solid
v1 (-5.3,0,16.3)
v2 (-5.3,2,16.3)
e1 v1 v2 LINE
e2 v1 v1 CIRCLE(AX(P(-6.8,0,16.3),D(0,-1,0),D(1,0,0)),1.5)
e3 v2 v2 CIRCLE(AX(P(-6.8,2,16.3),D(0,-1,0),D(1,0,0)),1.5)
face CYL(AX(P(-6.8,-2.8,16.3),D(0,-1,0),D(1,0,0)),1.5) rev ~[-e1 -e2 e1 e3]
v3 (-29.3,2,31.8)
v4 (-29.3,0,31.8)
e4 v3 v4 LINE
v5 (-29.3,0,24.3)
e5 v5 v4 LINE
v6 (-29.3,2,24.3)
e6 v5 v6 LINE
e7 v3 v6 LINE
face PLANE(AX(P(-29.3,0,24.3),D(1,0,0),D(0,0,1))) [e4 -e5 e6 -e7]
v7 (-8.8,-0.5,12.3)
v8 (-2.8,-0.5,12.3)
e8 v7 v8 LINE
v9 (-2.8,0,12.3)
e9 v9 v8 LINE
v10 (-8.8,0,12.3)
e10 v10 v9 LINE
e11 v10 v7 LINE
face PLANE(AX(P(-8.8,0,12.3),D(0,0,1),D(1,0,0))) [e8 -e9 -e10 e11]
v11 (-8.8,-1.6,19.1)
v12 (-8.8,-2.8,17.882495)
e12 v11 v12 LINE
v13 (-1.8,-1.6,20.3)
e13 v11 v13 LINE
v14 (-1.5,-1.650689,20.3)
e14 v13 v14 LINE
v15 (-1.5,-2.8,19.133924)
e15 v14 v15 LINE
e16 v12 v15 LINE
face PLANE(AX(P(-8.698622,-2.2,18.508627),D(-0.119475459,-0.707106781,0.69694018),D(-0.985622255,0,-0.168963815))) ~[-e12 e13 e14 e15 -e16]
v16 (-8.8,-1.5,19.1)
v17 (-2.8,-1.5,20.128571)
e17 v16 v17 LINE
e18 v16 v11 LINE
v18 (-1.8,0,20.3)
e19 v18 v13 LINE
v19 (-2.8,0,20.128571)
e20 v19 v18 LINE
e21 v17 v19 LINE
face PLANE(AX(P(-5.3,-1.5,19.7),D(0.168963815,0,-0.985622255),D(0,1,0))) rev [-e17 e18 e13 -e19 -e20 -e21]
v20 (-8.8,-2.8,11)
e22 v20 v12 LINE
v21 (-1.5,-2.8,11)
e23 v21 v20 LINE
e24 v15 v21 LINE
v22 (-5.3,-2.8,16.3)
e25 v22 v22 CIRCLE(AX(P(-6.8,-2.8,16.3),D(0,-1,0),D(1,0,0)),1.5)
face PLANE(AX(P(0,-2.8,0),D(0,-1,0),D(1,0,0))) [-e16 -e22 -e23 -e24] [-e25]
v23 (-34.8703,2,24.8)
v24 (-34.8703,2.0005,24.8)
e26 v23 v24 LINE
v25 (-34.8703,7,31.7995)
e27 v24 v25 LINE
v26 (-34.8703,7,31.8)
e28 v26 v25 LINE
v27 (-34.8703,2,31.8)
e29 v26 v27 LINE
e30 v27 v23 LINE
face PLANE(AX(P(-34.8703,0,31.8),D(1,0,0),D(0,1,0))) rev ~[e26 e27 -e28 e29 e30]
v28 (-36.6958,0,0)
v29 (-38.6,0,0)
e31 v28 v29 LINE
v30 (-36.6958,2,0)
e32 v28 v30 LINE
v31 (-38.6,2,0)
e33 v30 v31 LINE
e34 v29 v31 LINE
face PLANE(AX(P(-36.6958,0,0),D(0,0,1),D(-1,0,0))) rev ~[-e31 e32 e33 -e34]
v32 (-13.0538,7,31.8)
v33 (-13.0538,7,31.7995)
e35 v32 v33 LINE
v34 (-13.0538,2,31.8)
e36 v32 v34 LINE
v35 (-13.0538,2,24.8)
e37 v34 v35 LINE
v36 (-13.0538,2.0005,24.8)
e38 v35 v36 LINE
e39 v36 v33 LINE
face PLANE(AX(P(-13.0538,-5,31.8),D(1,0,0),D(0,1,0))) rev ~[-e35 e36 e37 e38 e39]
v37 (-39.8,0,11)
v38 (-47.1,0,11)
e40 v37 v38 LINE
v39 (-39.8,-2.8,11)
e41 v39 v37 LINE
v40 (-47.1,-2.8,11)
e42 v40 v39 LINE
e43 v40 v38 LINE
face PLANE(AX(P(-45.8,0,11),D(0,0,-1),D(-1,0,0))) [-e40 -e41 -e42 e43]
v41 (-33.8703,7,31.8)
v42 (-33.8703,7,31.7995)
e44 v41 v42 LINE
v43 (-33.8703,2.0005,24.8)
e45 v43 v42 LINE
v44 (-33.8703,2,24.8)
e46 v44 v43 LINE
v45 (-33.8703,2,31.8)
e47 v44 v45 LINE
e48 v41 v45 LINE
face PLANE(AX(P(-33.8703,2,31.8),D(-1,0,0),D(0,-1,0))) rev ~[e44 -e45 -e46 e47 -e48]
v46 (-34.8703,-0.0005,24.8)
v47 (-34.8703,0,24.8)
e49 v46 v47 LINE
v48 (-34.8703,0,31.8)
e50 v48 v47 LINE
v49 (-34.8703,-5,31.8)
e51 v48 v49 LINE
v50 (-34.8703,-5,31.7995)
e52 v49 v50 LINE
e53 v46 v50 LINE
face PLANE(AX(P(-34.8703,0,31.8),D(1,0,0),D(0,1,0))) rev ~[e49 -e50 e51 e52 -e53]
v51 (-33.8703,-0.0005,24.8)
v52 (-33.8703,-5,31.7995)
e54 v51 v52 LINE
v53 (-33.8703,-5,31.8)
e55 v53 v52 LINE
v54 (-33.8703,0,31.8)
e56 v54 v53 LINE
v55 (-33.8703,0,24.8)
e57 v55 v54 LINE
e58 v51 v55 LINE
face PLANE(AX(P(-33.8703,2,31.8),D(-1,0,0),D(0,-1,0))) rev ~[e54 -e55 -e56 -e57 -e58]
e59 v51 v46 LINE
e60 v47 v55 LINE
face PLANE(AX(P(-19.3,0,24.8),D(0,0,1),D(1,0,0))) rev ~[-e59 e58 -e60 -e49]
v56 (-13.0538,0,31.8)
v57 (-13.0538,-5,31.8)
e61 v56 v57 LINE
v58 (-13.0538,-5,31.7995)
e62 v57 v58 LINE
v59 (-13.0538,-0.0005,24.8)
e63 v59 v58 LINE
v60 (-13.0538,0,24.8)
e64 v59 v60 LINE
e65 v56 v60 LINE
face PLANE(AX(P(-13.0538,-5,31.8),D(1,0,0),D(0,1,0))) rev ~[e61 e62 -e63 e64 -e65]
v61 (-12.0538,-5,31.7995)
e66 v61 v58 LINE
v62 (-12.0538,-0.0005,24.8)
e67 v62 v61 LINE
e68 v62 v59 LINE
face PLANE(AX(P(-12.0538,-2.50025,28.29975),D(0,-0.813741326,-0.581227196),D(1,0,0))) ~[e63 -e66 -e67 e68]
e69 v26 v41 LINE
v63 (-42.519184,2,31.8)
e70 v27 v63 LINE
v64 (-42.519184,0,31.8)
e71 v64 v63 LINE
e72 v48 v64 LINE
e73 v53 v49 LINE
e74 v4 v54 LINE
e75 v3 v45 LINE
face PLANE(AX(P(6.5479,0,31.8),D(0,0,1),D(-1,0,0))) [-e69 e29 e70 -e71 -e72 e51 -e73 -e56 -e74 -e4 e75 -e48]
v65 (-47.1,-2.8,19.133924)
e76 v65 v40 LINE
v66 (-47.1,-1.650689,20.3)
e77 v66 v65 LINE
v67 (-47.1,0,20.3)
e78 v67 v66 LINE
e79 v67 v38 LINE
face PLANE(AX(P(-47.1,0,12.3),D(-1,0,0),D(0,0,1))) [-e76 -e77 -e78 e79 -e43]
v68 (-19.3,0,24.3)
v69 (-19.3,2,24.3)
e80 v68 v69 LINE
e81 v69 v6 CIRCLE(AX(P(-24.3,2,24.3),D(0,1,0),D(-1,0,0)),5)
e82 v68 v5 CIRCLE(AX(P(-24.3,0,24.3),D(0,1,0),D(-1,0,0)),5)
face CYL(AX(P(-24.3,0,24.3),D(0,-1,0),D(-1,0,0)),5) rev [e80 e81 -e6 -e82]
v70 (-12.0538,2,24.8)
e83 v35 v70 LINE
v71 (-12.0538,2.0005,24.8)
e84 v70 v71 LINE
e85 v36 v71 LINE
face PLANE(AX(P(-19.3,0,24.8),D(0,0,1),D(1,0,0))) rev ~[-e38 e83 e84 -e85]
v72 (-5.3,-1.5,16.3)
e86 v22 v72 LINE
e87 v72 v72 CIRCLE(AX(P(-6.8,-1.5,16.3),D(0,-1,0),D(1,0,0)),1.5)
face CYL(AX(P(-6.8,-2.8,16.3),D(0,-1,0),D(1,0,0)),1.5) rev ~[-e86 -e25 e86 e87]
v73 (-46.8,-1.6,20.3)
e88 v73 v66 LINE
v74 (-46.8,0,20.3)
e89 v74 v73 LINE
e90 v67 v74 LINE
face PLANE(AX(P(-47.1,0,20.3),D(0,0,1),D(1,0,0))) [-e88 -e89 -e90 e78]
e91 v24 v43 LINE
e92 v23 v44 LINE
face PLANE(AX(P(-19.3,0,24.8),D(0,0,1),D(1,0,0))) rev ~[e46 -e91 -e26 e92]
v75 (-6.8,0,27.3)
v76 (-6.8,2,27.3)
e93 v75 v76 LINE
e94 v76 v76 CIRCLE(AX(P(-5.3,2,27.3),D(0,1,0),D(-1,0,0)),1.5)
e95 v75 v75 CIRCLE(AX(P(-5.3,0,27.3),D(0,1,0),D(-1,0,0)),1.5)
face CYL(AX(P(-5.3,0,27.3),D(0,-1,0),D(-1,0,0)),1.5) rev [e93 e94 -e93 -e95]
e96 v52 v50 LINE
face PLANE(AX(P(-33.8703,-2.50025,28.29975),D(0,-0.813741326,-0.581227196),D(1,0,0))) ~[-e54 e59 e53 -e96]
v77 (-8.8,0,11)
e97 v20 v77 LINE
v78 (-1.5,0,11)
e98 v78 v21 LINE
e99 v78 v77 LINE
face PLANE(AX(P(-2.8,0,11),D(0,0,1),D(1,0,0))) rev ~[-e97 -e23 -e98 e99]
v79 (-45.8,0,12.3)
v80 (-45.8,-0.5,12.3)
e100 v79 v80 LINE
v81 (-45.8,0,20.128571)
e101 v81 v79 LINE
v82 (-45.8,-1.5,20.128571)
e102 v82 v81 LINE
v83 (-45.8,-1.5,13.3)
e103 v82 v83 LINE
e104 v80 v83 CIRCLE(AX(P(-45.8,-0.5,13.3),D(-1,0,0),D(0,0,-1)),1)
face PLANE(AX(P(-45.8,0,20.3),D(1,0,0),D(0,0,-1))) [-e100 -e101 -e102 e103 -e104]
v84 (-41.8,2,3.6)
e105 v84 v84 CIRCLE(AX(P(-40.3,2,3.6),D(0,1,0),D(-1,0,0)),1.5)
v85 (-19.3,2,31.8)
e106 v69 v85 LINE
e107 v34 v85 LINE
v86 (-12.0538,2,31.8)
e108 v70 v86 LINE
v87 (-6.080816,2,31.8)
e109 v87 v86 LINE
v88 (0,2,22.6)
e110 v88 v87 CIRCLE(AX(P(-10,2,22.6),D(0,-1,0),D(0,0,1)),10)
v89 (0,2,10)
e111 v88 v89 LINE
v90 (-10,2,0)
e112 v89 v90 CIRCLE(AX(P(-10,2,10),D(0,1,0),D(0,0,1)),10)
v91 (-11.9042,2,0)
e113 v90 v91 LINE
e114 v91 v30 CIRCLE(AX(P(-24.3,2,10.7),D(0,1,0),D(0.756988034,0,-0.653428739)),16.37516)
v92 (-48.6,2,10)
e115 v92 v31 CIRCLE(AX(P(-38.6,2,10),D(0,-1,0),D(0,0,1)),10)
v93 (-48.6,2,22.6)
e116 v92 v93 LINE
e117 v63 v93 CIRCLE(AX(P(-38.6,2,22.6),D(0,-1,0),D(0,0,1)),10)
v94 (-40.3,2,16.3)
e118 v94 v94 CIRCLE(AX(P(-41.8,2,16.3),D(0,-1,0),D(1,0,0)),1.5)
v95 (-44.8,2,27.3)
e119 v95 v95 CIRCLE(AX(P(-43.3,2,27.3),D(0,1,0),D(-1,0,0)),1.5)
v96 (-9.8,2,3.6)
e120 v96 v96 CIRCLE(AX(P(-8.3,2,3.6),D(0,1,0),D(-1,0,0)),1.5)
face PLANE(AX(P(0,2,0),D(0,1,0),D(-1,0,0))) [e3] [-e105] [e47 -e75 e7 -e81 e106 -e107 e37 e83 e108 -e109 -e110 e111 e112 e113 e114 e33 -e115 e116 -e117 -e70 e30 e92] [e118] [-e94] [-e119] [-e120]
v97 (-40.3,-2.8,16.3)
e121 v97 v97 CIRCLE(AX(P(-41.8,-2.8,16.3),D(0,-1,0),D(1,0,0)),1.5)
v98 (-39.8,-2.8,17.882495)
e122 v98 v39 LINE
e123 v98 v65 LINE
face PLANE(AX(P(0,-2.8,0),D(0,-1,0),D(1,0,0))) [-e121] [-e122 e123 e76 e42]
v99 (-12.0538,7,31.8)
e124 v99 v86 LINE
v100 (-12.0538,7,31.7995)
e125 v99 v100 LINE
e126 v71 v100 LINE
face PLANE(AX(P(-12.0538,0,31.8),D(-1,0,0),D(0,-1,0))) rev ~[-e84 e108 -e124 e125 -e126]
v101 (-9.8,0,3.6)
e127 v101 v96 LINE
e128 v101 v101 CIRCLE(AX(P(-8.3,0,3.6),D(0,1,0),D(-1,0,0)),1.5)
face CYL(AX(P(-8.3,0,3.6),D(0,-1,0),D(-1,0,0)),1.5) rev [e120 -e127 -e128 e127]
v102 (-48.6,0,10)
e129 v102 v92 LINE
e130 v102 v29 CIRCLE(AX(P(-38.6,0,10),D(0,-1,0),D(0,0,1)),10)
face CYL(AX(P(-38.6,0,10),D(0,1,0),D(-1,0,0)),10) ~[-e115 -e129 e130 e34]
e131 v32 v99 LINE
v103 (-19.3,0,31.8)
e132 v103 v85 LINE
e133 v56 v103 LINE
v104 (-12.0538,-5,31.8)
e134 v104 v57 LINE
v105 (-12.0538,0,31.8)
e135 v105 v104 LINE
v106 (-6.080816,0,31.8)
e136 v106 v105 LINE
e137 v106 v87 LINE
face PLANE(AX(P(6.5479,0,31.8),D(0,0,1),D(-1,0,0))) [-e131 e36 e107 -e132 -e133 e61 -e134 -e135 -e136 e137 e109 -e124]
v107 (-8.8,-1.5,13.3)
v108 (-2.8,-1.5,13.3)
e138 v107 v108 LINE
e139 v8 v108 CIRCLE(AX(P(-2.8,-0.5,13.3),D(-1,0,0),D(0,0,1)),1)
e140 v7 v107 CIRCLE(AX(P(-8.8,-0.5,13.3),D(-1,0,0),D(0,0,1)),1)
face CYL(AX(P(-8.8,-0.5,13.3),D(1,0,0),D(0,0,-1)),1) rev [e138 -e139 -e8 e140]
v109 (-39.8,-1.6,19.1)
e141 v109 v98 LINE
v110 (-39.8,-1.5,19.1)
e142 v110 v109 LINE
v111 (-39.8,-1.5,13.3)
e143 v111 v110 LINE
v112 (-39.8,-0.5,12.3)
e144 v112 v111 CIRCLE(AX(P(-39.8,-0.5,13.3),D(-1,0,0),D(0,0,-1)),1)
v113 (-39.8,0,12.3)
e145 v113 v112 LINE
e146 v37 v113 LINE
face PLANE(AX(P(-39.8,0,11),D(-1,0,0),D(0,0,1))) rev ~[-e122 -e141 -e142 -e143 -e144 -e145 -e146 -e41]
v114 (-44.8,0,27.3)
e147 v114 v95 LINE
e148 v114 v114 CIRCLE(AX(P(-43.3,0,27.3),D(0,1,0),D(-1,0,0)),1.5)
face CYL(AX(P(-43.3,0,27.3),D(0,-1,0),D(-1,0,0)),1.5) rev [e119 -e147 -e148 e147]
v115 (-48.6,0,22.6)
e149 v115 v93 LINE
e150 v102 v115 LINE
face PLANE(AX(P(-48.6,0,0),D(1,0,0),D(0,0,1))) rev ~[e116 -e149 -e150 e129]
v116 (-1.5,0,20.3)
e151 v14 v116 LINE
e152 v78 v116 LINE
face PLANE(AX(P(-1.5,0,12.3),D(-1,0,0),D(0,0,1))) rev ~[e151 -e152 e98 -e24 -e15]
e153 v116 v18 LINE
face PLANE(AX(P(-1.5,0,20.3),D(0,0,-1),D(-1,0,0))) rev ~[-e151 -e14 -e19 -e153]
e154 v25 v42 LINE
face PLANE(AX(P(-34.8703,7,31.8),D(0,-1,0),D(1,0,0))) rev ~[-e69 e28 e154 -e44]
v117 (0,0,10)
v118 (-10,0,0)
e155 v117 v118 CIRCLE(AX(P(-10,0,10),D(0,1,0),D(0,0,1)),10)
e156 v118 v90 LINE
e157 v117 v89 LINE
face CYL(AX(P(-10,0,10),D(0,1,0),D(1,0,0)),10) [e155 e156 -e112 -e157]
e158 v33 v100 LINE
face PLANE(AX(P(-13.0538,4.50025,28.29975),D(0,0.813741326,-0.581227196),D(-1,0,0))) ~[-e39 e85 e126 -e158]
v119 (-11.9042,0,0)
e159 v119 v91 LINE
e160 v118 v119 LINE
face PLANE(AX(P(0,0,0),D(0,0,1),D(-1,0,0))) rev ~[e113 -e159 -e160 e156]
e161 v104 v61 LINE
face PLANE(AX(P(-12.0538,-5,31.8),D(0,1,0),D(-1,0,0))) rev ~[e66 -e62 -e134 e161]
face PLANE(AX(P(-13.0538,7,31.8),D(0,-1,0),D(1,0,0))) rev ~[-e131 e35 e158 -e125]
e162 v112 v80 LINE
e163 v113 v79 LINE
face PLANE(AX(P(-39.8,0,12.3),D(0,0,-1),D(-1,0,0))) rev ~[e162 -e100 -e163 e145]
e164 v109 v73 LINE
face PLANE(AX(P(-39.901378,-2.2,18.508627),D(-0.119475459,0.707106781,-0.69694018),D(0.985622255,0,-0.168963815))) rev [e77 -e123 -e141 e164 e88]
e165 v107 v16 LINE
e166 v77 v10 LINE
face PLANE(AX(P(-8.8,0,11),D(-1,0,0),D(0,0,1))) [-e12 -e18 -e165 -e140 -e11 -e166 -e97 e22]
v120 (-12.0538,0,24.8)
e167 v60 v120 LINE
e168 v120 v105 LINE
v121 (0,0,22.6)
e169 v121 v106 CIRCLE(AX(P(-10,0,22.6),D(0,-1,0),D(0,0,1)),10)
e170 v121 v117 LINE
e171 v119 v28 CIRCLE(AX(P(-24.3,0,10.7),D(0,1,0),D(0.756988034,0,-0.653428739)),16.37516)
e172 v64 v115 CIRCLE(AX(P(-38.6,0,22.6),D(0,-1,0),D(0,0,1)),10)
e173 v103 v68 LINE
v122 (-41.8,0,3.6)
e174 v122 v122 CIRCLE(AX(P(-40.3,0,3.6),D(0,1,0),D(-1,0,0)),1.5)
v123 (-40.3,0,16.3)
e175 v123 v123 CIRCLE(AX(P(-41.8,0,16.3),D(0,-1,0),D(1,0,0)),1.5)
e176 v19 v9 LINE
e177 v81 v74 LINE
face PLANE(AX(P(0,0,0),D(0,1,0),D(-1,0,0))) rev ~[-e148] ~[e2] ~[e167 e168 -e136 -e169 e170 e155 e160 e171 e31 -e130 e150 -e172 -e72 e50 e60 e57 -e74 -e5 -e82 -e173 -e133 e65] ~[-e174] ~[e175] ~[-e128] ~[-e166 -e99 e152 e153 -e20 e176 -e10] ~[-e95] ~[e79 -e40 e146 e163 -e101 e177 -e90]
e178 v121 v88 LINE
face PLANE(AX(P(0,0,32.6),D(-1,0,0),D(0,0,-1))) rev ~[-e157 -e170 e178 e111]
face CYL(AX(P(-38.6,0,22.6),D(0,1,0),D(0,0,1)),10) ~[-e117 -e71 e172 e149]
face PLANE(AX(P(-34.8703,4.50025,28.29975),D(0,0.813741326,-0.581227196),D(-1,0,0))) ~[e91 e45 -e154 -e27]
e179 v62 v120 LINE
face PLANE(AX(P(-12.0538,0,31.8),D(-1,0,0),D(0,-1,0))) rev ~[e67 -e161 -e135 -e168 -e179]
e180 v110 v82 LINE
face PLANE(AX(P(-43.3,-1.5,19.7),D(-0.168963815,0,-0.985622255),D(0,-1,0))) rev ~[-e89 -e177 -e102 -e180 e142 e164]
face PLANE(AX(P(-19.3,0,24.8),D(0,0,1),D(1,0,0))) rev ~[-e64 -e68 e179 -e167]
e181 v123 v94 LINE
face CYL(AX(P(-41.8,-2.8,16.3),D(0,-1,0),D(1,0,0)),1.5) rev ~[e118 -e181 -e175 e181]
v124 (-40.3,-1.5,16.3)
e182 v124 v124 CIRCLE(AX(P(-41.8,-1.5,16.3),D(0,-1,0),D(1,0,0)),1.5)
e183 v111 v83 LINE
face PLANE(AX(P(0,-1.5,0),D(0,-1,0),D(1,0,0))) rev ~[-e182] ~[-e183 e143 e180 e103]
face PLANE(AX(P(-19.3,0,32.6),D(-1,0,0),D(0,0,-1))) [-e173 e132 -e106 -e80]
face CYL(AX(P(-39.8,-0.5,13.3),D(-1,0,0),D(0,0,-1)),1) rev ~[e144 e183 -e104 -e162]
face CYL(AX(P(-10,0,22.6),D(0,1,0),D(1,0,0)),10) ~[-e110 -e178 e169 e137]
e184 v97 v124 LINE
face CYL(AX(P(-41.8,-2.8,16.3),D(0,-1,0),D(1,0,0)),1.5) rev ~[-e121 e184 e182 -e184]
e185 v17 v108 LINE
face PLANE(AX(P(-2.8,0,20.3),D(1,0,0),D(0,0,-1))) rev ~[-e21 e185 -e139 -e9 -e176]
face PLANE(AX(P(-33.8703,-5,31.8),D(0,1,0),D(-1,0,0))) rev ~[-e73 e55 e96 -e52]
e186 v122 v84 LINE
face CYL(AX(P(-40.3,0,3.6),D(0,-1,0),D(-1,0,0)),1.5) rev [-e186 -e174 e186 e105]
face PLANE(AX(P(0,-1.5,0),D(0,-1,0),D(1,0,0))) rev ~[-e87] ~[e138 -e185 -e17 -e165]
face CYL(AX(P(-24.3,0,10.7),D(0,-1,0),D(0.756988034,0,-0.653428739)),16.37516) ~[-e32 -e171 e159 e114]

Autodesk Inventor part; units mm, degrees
ref_plane "YZ Plane" through (0, 0, 0) normal (1, 0, 0) x (0, 1, 0)
ref_plane "XZ Plane" through (0, 0, 0) normal (0, 1, 0) x (-1, 0, 0)
ref_plane "XY Plane" through (0, 0, 0) normal (0, 0, 1) x (1, 0, 0)
sketch "スケッチ8" plane through (0, 0, 0) normal (0, 1, 0) x (-1, 0, 0)
  line L0 (0, 0) -> (48.6, 0)
  line L1 (48.6, 0) -> (48.6, 32.6)
  line L2 (48.6, 32.6) -> (0, 32.6)
  line L3 (0, 32.6) -> (0, 0)
  circle A0 centre (5.3, 27.3) radius 1.5
  circle A1 centre (43.3, 27.3) radius 1.5
  circle A2 centre (8.3, 3.6) radius 1.5
  circle A3 centre (40.3, 3.6) radius 1.5
  circle A4 centre (24.3, 24.3) radius 5
  line L4 (19.3, 24.3) -> (29.3, 24.3)
  line L5 (29.3, 24.3) -> (29.3, 32.6)
  line L6 (29.3, 32.6) -> (19.3, 32.6)
  line L7 (19.3, 32.6) -> (19.3, 24.3)
  line L8 (0, 32.6) -> (48.6, 32.6)
  line L9 (48.6, 32.6) -> (48.6, 36.8)
  line L10 (48.6, 36.8) -> (0, 36.8)
  line L11 (0, 36.8) -> (0, 32.6)
  arc A5 (11.9042, 0) -> (36.6958, 0) centre (24.3, 10.7) ccw
  arc A6 (29.3, 25.8987) -> (29.0048, 25.9926) centre (24.3, 10.7) ccw
  arc A7 (19.5952, 25.9926) -> (19.3, 25.8987) centre (24.3, 10.7) ccw
  line L12 (11.9042, 0) -> (36.6958, 0)
  dimension "d42" = 32.6
  dimension "d43" = 48.6
  dimension "d44" = 3
  dimension "d45" = 3
  dimension "d46" = 3
  dimension "d47" = 3
  dimension "d48" = 38
  dimension "d49" = 32
  dimension "d50" = 5.3
  dimension "d51" = 8.3
  dimension "d52" = 5.3
  dimension "d53" = 0
  dimension "d54" = 3.6
  dimension "d55" = 0
  dimension "d56" = 10
  dimension "d57" = 19
  dimension "d58" = 8.3
  dimension "d61" = 36.8
  dimension "d103" = 10.7
  dimension "d104" = 0
extrude "押し出し8" add sketch "スケッチ8" along normal blind 2 contours L3 L2 L7 A4 L5 L1 L0 | L0 A5
fillet "フィレット3" radius 10 4 edges at (0, 1, 32.6) (0, 1, 0) (-48.6, 1, 0) (-48.6, 1, 32.6)
sketch "スケッチ9" plane through (0, 0, 0) normal (0, -1, 0) x (1, 0, 0)
  line L0 (-10, 0) -> (-38.6, 0) projected
  line L1 (-48.5604, 35.5868) -> (6.5479, 35.5868)
  line L2 (6.5479, 35.5868) -> (6.5479, 31.8)
  line L3 (6.5479, 31.8) -> (-48.5604, 31.8)
  line L4 (-48.5604, 31.8) -> (-48.5604, 35.5868)
  point P0 (0, 0)
  dimension "d63" = 31.8
extrude "押し出し9" cut sketch "スケッチ9" against normal blind 2
sketch "スケッチ10" plane through (0, 0, 0) normal (0, -1, 0) x (1, 0, 0)
  arc A0 (-29.3, 24.3) -> (-19.3, 24.3) centre (-24.3, 24.3) ccw projected
  line L0 (-47.1, 20.3) -> (-45.8, 20.3)
  line L1 (-45.8, 20.3) -> (-45.8, 11)
  line L2 (-45.8, 11) -> (-47.1, 11)
  line L3 (-47.1, 11) -> (-47.1, 20.3)
  line L4 (-47.1, 11) -> (-39.8, 11)
  line L5 (-39.8, 11) -> (-39.8, 12.3)
  line L6 (-39.8, 12.3) -> (-47.1, 12.3)
  line L7 (-47.1, 12.3) -> (-47.1, 11)
  line L8 (-1.5, 20.3) -> (-2.8, 20.3)
  line L9 (-2.8, 20.3) -> (-2.8, 11)
  line L10 (-2.8, 11) -> (-1.5, 11)
  line L11 (-1.5, 11) -> (-1.5, 20.3)
  line L12 (-1.5, 11) -> (-8.8, 11)
  line L13 (-8.8, 11) -> (-8.8, 12.3)
  line L14 (-8.8, 12.3) -> (-1.5, 12.3)
  line L15 (-1.5, 12.3) -> (-1.5, 11)
  point P0 (0, 0)
  dimension "d66" = 43
  dimension "d67" = 21.5
  dimension "d68" = 1.3
  dimension "d69" = 1.3
  dimension "d70" = 1.3
  dimension "d71" = 1.3
  dimension "d72" = 0
  dimension "d73" = 8
  dimension "d74" = 8
  dimension "d75" = 12
  dimension "d76" = 6
  dimension "d77" = 6
extrude "押し出し10" add sketch "スケッチ10" along normal blind 1.5
sketch "スケッチ11" plane through (0, -1.5, 0) normal (0, -1, 0) x (1, 0, 0)
  line L0 (-45.8, 12.3) -> (-45.8, 20.3) projected
  line L1 (-45.8, 20.3) -> (-47.1, 20.3) projected
  line L2 (-47.1, 20.3) -> (-47.1, 11) projected
  line L3 (-47.1, 11) -> (-39.8, 11) projected
  line L4 (-39.8, 11) -> (-39.8, 12.3) projected
  line L5 (-39.8, 12.3) -> (-45.8, 12.3) projected
  line L6 (-47.1, 11) -> (-39.8, 11)
  line L7 (-39.8, 11) -> (-39.8, 20.3)
  line L8 (-39.8, 20.3) -> (-47.1, 20.3)
  line L9 (-47.1, 20.3) -> (-47.1, 11)
  line L10 (-1.5, 11) -> (-8.8, 11)
  line L11 (-8.8, 11) -> (-8.8, 20.3)
  line L12 (-8.8, 20.3) -> (-1.5, 20.3)
  line L13 (-1.5, 20.3) -> (-1.5, 11)
  point P0 (0, 0)
extrude "押し出し11" add sketch "スケッチ11" along normal blind 1.3
sketch "スケッチ12" plane through (0, -2.8, 0) normal (0, -1, 0) x (1, 0, 0)
  line L0 (-47.1, 11) -> (-39.8, 11) projected
  line L1 (-39.8, 11) -> (-39.8, 20.3) projected
  line L2 (-39.8, 20.3) -> (-47.1, 20.3) projected
  line L3 (-47.1, 20.3) -> (-47.1, 11) projected
  circle A0 centre (-41.8, 16.3) radius 1.5
  circle A1 centre (-6.8, 16.3) radius 1.5
  arc A2 (-29.3, 24.3) -> (-19.3, 24.3) centre (-24.3, 24.3) ccw projected
  point P0 (0, 0)
  dimension "d82" = 3
  dimension "d83" = 3
  dimension "d84" = 35
  dimension "d85" = 17.5
  dimension "d86" = 0
  dimension "d87" = 8
extrude "押し出し12" cut sketch "スケッチ12" against normal blind 10 contours A0 | A1
chamfer "面取り3" distance 1.2 distance2 7 1 edges at (-39.8, -2.15, 20.3) measured on face at (-39.8, -2.3667, 14.5333)
chamfer "面取り4" distance 1.2 distance2 7 1 edges at (-8.8, -2.15, 20.3) measured on face at (-8.8, -2.3667, 14.5333)
chamfer "面取り5" distance 1.2 angle 45 2 edges at (-43.3, -2.8, 19.7) (-5.3, -2.8, 19.7)
sketch "スケッチ14" plane through (-19.3, 0, 31.8) normal (0, 0, 1) x (1, 0, 0)
  line L0 (13.2192, 0) -> (0, 0) projected
  line L1 (0, 2) -> (13.2192, 2) projected
  line L2 (-10, 2) -> (-10, 0) projected
  line L3 (-23.2192, 2) -> (-10, 2) projected
  line L4 (-23.2192, 0) -> (-23.2192, 2) projected
  line L5 (-10, 0) -> (-23.2192, 0) projected
  line L6 (-15.5703, 7) -> (-14.5703, 7)
  line L7 (-14.5703, 7) -> (-14.5703, -5)
  line L8 (-14.5703, -5) -> (-15.5703, -5)
  line L9 (-15.5703, -5) -> (-15.5703, 7)
  line L10 (6.2462, 7) -> (7.2462, 7)
  line L11 (7.2462, 7) -> (7.2462, -5)
  line L12 (7.2462, -5) -> (6.2462, -5)
  line L13 (6.2462, -5) -> (6.2462, 7)
  point P0 (19.3, 0)
  dimension "d114" = 1
  dimension "d115" = 1
  dimension "d116" = 5
  dimension "d117" = 5
  dimension "d118" = 5
  dimension "d119" = 5
extrude "押し出し14" add sketch "スケッチ14" against normal blind 7 contours L11 L12 L13 L0 | L0 L13 L1 L11 | L1 L13 L10 L11 | L7 L5 L9 L3 | L3 L9 L6 L7 | L7 L8 L9 L5
chamfer "面取り6" distance 5 distance2 7 1 edges at (-12.5538, -5, 24.8) measured on face at (-12.7204, -1.6667, 24.8)
chamfer "面取り7" distance 5 distance2 7 1 edges at (-34.3703, -5, 24.8) measured on face at (-34.5369, -1.6667, 24.8)
chamfer "面取り8" distance 5 distance2 7 1 edges at (-12.5538, 7, 24.8) measured on face at (-12.7204, 5.3333, 24.8)
chamfer "面取り9" distance 5 distance2 7 1 edges at (-34.3703, 7, 24.8) measured on face at (-34.5369, 5.3333, 24.8)
fillet "フィレット5" radius 1 2 edges at (-42.8, -1.5, 12.3) (-5.8, -1.5, 12.3)
equation "\"d45\" = d44"
equation "\"d46\" = d44"
equation "\"d47\" = d44"
equation "\"d57\" = 0.5 * d48"
equation "\"d67\" = 0.5 * d66"
equation "\"d69\" = d68"
equation "\"d70\" = d68"
equation "\"d71\" = d70"
equation "\"d74\" = d73"
equation "\"d77\" = d76"
equation "\"d83\" = d82"
equation "\"d85\" = 0.5 * d84"
equation "\"d115\" = d114"
equation "\"d117\" = d116"
equation "\"d118\" = d117"
equation "\"d119\" = d116"
properties part number "motor-holder"
